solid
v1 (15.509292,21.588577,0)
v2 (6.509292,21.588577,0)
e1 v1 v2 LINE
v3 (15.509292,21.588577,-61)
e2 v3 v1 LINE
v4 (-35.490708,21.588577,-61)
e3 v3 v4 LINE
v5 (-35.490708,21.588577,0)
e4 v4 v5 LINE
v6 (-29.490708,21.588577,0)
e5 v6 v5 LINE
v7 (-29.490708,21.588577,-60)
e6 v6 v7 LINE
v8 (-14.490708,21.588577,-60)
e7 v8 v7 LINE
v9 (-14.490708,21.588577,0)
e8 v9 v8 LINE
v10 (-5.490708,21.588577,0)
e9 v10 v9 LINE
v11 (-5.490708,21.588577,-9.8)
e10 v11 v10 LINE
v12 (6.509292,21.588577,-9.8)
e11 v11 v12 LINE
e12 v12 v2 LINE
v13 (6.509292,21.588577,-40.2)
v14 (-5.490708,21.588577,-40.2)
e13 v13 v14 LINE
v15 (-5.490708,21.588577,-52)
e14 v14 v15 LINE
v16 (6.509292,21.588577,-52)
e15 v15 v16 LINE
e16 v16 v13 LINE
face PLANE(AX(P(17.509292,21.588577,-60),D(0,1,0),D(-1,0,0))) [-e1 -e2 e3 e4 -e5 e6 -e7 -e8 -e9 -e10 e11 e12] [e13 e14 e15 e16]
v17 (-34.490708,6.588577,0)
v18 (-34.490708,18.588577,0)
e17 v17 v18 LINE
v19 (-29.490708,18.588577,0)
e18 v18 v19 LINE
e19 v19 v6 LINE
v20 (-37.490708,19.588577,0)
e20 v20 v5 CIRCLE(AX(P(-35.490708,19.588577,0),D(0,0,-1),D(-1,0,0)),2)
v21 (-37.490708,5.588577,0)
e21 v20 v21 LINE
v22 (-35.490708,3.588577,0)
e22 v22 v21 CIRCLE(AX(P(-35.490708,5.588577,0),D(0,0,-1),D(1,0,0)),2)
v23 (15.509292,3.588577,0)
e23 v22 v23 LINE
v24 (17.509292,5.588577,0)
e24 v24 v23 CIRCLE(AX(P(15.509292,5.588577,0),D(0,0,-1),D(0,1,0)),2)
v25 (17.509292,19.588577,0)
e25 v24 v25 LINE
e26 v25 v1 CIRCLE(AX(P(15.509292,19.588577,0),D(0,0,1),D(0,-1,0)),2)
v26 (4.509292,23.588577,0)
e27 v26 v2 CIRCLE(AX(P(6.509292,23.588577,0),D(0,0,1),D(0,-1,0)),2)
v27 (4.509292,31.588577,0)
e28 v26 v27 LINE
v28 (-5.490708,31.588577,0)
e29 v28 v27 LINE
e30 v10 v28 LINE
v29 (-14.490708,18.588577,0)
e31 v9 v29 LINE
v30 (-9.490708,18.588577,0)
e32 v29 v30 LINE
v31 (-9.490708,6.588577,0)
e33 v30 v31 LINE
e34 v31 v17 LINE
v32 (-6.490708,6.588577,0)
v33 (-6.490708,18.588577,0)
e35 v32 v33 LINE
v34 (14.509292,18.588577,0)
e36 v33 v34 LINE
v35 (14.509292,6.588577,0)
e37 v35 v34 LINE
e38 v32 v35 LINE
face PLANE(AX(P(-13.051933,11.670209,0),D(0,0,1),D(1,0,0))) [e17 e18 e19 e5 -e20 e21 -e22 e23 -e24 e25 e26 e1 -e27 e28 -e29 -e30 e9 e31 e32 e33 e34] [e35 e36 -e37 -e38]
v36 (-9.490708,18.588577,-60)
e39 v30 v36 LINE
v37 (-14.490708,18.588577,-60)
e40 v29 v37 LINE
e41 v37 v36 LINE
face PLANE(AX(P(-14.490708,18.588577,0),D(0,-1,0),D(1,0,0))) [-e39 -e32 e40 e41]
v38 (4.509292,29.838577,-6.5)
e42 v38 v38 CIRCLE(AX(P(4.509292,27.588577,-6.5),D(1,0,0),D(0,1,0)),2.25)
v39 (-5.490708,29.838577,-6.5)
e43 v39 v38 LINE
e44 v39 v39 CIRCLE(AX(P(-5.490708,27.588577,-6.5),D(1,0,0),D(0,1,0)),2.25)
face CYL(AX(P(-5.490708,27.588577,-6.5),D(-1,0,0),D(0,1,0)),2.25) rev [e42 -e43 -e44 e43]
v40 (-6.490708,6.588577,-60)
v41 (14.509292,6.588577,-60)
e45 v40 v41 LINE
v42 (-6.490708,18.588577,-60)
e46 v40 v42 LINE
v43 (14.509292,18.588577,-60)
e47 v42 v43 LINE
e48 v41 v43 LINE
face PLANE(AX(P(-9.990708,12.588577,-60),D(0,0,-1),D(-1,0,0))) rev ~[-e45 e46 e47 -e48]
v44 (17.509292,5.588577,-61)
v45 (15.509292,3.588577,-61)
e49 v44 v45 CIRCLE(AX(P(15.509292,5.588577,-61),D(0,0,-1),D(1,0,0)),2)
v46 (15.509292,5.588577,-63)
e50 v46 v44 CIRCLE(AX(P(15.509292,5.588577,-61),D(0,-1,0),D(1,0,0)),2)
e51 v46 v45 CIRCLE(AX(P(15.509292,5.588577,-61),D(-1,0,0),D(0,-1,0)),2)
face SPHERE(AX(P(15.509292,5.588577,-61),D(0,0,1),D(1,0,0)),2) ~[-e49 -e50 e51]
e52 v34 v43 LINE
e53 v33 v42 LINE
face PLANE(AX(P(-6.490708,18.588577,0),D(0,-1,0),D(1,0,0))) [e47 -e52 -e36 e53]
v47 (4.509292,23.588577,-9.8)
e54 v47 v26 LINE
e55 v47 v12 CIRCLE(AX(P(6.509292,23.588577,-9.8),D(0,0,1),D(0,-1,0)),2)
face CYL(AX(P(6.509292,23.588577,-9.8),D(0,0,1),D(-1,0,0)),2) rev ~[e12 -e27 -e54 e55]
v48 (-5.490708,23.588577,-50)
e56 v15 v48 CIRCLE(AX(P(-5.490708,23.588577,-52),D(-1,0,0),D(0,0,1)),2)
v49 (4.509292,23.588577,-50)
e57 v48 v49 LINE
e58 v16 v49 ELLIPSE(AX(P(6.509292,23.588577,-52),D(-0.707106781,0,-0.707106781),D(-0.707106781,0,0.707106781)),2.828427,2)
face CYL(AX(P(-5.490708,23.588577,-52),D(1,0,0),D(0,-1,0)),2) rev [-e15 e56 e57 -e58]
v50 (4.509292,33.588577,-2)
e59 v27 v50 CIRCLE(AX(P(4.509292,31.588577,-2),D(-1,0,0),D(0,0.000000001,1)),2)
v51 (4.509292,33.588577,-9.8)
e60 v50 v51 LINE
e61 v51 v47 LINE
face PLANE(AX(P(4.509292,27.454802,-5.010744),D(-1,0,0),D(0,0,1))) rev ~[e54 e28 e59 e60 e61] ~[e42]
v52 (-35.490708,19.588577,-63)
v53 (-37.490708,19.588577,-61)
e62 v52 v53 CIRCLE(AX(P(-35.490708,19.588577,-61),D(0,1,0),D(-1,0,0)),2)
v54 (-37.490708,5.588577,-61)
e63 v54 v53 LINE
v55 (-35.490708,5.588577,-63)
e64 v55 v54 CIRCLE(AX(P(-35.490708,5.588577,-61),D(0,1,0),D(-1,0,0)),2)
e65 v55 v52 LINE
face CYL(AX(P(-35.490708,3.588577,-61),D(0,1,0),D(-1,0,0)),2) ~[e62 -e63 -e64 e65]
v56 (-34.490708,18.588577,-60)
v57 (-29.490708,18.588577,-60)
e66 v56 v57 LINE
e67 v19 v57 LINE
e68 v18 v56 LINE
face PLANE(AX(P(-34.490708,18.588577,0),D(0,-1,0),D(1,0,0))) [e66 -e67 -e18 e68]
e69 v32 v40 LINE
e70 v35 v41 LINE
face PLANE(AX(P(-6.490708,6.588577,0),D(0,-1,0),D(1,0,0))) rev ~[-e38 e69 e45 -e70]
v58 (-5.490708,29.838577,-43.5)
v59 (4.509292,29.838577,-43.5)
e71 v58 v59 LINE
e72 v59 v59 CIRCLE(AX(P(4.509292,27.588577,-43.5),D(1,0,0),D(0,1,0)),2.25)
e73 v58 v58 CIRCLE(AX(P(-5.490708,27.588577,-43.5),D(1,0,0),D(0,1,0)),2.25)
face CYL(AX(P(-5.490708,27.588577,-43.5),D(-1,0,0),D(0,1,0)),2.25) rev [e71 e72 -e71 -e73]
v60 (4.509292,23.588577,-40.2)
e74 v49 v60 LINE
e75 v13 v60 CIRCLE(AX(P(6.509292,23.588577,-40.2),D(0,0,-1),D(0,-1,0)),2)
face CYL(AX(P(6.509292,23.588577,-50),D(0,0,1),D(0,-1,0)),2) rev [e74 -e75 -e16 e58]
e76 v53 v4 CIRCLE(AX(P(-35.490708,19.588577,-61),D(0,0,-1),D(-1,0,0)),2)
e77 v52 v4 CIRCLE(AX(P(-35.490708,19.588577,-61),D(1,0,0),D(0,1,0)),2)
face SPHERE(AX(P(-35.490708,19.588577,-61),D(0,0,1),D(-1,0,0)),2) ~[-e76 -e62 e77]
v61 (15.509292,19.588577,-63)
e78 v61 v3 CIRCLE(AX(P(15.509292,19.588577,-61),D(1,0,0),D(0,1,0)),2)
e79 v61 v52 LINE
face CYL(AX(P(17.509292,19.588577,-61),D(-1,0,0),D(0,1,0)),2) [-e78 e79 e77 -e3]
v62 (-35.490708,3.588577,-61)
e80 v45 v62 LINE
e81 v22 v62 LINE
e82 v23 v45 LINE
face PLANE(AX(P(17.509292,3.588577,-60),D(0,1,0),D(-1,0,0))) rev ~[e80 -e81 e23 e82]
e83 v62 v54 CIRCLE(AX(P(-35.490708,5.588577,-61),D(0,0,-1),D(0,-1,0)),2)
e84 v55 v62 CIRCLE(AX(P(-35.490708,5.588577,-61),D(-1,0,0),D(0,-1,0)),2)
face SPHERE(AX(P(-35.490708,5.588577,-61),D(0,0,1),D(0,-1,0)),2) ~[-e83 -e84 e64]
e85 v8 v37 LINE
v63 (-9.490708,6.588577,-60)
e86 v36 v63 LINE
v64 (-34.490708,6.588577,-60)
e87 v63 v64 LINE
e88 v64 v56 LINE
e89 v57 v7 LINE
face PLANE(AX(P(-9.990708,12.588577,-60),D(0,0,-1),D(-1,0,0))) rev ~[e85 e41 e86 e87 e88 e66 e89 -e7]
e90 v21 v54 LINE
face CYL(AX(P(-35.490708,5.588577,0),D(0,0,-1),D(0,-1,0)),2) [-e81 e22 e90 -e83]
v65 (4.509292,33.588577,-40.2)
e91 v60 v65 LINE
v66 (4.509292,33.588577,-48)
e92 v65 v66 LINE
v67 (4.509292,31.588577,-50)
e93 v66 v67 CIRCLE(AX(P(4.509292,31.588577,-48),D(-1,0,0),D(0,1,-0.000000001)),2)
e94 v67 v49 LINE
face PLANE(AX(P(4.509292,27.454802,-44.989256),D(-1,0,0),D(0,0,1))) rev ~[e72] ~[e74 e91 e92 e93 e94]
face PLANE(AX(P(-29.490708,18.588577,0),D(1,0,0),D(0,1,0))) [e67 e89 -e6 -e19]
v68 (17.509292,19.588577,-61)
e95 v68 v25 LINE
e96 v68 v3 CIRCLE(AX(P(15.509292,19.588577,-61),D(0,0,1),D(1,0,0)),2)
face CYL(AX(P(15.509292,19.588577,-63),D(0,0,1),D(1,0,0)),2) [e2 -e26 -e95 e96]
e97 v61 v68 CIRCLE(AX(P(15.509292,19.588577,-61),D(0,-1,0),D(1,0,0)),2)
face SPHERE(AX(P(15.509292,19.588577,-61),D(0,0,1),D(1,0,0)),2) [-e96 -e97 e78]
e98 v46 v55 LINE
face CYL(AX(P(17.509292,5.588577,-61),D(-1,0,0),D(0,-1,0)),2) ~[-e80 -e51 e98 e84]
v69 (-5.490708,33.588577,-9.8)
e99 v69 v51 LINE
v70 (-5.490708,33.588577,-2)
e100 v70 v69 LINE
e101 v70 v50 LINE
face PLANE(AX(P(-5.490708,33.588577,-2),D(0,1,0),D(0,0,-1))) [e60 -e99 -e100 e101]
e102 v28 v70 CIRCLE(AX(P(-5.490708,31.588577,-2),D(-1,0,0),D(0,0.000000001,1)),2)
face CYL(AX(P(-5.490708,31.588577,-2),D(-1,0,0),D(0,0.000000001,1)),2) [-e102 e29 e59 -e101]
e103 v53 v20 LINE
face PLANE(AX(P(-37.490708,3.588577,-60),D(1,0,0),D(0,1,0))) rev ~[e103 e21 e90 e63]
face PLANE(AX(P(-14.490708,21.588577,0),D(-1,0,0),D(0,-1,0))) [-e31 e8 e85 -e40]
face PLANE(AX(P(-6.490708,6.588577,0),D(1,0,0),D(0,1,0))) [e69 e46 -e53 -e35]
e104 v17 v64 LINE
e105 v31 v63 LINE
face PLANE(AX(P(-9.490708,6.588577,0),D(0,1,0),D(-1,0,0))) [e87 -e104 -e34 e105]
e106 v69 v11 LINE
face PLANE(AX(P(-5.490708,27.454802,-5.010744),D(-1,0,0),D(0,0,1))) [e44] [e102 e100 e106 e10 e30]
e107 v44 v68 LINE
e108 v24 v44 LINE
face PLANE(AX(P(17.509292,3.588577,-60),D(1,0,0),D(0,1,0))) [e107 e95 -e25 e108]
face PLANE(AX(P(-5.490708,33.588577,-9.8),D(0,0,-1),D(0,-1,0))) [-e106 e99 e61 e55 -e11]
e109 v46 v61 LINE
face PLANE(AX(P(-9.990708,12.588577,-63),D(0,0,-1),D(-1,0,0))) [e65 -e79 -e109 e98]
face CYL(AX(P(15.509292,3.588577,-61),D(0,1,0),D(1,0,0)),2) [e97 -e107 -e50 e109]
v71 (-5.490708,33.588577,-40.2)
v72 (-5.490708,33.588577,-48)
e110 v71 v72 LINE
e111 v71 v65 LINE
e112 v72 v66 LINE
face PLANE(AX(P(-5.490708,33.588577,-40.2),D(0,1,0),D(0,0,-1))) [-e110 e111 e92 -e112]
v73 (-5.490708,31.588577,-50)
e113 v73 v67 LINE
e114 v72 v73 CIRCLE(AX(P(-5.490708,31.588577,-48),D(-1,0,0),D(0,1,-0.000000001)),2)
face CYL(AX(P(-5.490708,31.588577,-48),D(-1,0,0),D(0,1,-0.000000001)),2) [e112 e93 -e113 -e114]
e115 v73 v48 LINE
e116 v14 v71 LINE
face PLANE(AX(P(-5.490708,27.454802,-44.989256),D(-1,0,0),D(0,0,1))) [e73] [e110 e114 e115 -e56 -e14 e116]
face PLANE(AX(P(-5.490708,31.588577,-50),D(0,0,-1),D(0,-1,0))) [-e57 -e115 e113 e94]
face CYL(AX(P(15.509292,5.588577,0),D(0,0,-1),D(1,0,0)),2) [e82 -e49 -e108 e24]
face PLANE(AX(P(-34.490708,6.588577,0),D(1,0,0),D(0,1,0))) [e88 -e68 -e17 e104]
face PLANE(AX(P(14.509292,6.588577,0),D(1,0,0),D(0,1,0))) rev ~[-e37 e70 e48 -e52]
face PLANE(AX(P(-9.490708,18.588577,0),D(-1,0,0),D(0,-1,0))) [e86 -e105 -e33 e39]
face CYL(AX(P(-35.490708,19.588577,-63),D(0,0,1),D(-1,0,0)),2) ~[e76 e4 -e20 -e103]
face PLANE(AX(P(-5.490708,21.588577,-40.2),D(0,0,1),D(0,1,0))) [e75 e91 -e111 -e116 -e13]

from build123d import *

# Parameters (mm, degrees)
SKETCH1_W           = 21
SKETCH1_H           = 12
BOSS_EXTRUDE1_DEPTH = 60
SKETCH2_R           = 2.25
BOSS_EXTRUDE2_DEPTH = 10
SKETCH3_W           = 55
SKETCH3_H           = 18
BOSS_EXTRUDE3_DEPTH = 3
FILLET1_R           = 2


with BuildPart() as part:
    # Sketch1 → Boss-Extrude1 (new body)
    with BuildSketch(Plane.XY):
        Polygon((17.509291985, 21.588576814), (-9.490708015, 21.588576814), (-14.490708015, 21.588576814), (-14.490708015, 18.588576814), (-9.490708015, 18.588576814), (-9.490708015, 6.588576814), (-34.490708015, 6.588576814), (-34.490708015, 18.588576814), (-29.490708015, 18.588576814), (-29.490708015, 21.588576814), (-34.490708015, 21.588576814), (-37.490708015, 21.588576814), (-37.490708015, 3.588576814), (17.509291985, 3.588576814), align=None)
        with Locations((4.009291985, 12.588576814)):
            Rectangle(SKETCH1_W, SKETCH1_H, mode=Mode.SUBTRACT)
    extrude(amount=-BOSS_EXTRUDE1_DEPTH)

    # Sketch2 → Boss-Extrude2 (add)
    # profile 1 of 2: a face of its own
    with BuildSketch(Plane(origin=(-5.490708015, 0, 0), x_dir=(0, 0, -1), z_dir=(1, 0, 0))):
        with BuildLine():
            Line((50, 21.588576814), (40.2, 21.588576814))
            Line((40.2, 21.588576814), (40.2, 33.588576814))
            Line((40.2, 33.588576814), (48, 33.588576814))
            ThreePointArc((48, 33.588576814), (49.414213562, 33.002790376), (50, 31.588576814))
            Line((50, 31.588576814), (50, 21.588576814))
        make_face()
        with Locations(Location((43.5, 27.588576814, 0), (0, 0, 90))):
            Circle(SKETCH2_R, mode=Mode.SUBTRACT)
    # profile 2 of 2: a face of its own
    with BuildSketch(Plane(origin=(-5.490708015, 0, 0), x_dir=(0, 0, -1), z_dir=(1, 0, 0))):
        with BuildLine():
            Line((9.8, 21.588576814), (0, 21.588576814))
            Line((0, 21.588576814), (0, 31.588576814))
            ThreePointArc((0, 31.588576814), (0.585786438, 33.002790376), (2, 33.588576814))
            Line((2, 33.588576814), (9.8, 33.588576814))
            Line((9.8, 33.588576814), (9.8, 21.588576814))
        make_face()
        with Locations(Location((6.5, 27.588576814, 0), (0, 0, 90))):
            Circle(SKETCH2_R, mode=Mode.SUBTRACT)
    extrude(amount=BOSS_EXTRUDE2_DEPTH)

    # Sketch3 → Boss-Extrude3 (add)
    with BuildSketch(Plane(origin=(0, 0, -60), x_dir=(-1, 0, 0), z_dir=(0, 0, -1))):
        with Locations((9.990708015, 12.588576814)):
            Rectangle(SKETCH3_W, SKETCH3_H)
    extrude(amount=BOSS_EXTRUDE3_DEPTH)

    # Fillet1
    fillet1_edges = [part.edges().sort_by_distance(p)[0] for p in [
        (17.509291985, 3.588576814, -31.5),
        (-37.490708015, 3.588576814, -31.5),
        (-37.490708015, 21.588576814, -31.5),
        (17.509291985, 21.588576814, -31.5),
        (4.509291985, 21.588576814, -45.1),
        (-0.490708015, 21.588576814, -50),
        (4.509291985, 21.588576814, -4.9),
        (17.509291985, 12.588576814, -63),
        (-9.990708015, 3.588576814, -63),
        (-37.490708015, 12.588576814, -63),
        (-9.990708015, 21.588576814, -63),
    ]]
    fillet(fillet1_edges, radius=FILLET1_R)


solid = part.part
